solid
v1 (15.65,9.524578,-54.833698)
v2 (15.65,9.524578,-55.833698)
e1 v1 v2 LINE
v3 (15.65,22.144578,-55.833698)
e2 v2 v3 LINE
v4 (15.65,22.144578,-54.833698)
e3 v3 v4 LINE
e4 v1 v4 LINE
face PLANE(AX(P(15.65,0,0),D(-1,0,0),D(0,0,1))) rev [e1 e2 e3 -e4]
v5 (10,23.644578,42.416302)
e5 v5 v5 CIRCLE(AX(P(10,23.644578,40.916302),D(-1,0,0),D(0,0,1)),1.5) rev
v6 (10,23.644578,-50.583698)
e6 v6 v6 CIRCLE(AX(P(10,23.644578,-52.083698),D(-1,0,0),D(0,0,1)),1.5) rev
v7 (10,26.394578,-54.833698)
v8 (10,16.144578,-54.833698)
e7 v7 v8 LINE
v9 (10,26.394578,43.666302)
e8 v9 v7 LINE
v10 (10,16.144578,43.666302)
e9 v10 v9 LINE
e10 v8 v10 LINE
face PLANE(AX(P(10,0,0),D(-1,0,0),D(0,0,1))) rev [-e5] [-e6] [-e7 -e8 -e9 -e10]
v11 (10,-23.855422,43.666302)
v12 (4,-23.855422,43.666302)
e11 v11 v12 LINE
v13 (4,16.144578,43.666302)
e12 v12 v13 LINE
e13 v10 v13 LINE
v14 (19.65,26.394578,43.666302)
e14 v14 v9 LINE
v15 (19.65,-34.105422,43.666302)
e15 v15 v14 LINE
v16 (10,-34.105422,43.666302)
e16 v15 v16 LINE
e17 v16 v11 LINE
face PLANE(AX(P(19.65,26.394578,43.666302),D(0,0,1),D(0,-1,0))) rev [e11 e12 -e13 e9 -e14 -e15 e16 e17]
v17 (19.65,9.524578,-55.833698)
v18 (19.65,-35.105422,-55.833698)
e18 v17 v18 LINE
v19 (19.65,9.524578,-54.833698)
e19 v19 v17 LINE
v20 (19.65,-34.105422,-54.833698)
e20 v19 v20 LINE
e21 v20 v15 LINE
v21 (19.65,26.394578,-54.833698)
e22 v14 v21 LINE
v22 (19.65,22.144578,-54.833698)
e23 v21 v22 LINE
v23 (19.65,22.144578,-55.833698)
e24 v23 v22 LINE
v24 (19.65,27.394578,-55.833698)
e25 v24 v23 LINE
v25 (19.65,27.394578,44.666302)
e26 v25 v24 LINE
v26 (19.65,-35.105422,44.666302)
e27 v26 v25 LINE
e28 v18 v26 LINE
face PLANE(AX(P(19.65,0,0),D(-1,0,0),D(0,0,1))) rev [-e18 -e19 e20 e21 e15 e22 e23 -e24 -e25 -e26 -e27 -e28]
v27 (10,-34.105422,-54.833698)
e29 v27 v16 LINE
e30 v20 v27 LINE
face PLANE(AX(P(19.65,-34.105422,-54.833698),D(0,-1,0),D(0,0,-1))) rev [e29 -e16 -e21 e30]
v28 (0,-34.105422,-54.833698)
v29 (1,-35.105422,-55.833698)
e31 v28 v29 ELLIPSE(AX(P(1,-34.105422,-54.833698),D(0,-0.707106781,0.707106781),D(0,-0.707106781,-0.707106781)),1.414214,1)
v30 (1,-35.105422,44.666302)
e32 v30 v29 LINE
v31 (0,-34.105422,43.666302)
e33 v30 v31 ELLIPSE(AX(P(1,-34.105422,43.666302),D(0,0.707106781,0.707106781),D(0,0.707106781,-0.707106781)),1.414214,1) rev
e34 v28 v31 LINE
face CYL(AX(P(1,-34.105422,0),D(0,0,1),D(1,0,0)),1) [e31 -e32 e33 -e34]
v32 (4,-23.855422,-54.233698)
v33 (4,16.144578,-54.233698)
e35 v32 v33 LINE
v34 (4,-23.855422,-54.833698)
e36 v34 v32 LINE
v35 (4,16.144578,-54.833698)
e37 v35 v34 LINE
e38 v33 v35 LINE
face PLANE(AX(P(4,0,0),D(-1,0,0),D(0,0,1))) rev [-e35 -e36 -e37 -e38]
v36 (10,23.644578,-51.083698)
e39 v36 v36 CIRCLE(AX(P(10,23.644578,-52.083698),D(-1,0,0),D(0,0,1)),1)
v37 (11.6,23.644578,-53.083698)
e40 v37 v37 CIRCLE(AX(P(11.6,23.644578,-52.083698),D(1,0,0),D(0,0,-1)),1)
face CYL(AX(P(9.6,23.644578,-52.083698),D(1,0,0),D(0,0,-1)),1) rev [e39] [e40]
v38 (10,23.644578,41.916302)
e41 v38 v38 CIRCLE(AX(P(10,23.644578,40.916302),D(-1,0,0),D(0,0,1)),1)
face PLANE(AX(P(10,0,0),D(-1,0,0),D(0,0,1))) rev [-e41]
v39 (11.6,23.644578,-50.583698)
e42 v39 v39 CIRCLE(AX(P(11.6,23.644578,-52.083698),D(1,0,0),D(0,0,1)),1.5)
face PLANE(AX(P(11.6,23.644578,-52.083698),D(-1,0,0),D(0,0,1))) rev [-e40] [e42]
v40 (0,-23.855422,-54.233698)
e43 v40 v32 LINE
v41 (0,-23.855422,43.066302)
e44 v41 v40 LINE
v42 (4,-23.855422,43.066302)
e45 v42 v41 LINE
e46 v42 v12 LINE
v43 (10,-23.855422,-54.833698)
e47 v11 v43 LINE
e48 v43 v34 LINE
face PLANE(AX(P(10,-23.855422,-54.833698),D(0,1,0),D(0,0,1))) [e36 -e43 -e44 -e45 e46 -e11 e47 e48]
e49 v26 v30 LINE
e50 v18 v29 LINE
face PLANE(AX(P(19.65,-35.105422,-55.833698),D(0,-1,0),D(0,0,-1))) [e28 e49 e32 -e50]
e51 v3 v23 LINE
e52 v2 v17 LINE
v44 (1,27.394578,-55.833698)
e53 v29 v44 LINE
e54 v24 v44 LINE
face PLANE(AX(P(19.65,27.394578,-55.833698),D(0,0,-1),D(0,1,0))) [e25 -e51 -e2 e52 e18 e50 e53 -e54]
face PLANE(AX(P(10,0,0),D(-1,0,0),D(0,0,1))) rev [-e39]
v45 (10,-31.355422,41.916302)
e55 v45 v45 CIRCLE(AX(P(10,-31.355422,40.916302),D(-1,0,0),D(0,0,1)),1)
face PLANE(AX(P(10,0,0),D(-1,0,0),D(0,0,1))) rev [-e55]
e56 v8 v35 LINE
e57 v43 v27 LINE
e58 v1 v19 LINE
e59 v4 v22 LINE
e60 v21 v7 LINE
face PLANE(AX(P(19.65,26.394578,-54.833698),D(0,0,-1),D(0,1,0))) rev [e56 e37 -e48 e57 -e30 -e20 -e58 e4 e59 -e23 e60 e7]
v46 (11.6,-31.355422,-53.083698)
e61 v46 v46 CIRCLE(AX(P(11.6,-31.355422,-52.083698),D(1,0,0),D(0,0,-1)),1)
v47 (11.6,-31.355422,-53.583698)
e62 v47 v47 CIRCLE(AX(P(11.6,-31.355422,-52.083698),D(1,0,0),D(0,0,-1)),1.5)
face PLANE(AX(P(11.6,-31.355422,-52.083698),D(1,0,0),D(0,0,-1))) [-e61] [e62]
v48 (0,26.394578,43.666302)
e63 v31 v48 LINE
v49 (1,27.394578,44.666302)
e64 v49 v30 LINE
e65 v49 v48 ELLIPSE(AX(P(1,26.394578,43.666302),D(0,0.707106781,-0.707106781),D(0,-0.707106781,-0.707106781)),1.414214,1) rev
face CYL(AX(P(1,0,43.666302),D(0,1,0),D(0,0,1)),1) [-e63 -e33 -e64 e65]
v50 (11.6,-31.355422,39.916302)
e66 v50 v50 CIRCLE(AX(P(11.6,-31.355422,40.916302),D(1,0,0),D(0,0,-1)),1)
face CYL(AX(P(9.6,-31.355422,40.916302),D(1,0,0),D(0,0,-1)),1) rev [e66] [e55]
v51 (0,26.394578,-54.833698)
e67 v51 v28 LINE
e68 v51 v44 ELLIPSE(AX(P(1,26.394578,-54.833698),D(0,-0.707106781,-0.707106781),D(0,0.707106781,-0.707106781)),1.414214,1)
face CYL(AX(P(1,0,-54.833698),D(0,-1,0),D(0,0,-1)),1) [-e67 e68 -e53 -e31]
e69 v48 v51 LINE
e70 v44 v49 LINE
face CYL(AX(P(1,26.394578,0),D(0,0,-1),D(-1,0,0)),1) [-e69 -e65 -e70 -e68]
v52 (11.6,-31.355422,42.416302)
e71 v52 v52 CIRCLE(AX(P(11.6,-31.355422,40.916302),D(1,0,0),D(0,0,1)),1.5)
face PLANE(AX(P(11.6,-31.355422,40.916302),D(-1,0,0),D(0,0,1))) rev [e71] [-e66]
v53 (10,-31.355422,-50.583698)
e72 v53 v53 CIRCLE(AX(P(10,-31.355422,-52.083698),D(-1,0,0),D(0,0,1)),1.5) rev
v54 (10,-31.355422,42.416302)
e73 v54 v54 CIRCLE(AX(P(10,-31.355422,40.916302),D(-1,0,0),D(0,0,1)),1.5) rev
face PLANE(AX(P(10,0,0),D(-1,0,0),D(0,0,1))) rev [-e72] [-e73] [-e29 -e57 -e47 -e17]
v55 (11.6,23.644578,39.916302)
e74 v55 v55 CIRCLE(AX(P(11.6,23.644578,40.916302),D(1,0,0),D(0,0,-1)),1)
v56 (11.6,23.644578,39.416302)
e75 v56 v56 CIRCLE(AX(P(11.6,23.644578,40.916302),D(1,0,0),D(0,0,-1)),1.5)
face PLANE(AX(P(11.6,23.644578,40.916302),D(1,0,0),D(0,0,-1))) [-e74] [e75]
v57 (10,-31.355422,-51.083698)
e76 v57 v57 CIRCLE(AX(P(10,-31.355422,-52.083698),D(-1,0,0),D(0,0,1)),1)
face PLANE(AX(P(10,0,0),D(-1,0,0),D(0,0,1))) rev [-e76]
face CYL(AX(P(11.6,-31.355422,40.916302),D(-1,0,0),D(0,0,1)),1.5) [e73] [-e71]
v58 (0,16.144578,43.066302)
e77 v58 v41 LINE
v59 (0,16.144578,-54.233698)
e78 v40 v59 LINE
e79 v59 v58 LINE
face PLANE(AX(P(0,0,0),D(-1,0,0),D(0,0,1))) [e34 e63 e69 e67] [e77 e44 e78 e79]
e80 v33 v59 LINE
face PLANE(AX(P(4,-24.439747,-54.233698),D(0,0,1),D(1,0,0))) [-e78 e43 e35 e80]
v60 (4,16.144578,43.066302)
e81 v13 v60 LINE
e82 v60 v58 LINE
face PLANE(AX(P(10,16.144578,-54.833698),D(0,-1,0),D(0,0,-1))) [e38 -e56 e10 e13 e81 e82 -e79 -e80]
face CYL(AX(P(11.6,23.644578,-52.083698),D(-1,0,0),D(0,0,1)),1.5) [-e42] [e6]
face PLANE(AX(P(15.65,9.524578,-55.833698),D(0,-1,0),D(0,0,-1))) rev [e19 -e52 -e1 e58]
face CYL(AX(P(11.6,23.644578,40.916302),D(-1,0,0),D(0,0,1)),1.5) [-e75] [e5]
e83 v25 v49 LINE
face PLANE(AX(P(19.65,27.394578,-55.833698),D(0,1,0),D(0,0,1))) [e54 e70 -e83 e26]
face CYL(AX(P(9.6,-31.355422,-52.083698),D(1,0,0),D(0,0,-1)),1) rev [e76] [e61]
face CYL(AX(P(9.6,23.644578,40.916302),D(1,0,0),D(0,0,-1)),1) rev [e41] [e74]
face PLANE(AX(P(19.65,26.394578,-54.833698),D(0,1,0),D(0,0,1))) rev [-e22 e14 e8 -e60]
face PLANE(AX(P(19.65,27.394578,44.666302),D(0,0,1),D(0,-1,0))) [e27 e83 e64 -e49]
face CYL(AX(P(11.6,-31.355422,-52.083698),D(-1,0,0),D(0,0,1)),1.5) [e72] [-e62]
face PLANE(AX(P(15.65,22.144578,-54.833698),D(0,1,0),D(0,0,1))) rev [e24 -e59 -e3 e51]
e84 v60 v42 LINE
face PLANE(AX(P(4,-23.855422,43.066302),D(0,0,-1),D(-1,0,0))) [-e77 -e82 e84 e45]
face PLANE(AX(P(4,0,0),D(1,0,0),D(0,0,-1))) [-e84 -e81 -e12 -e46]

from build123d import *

# Parameters (mm, degrees)
SKETCH1_W            = 92.135626016
SKETCH1_H            = 40
BOSS_EXTRUDE2_DEPTH  = 10
SKETCH2_R            = 1.5
BOSS_EXTRUDE3_DEPTH  = 1.6
SKETCH3_R            = 1
CUT_EXTRUDE1_DEPTH   = 2
SKETCH4_W            = 100.5
SKETCH4_H            = 62.5
SKETCH4_W_2          = 98.5
SKETCH4_H_2          = 60.5
BOSS_EXTRUDE4_DEPTH  = 19.65
SKETCH5_W            = 98
SKETCH5_H            = 40
CUT_EXTRUDE5_DEPTH   = 14.65
SKETCH6_W            = 98.5
SKETCH6_H            = 10.25
BOSS_EXTRUDE5_DEPTH  = 10
SKETCH7_W            = 0.6
SKETCH7_H            = 40.584325063
BOSS_EXTRUDE11_DEPTH = 4
SKETCH8_W            = 0.6
SKETCH8_H            = 40
BOSS_EXTRUDE12_DEPTH = 4
FILLET1_R            = 1
CUT_EXTRUDE6_DEPTH   = 4
SKETCH10_W           = 1
SKETCH10_H           = 2.5
CUT_EXTRUDE8_DEPTH   = 4


with BuildPart() as part:
    # Sketch1 → Boss-Extrude2 (new body)
    with BuildSketch(Plane(origin=(0, 0, 0), x_dir=(0, 0, -1), z_dir=(1, 0, 0))):
        Polygon((-40.481927711, 26.144578313), (-43.416301695, 26.144578313), (-43.416301695, -33.855421687), (-40.481927711, -33.855421687), (54.583698305, -33.855421687), (54.583698305, 26.144578313), (33.734939759, 26.144578313), align=None)
        with Locations((5.585885297, -3.855421687)):
            Rectangle(SKETCH1_W, SKETCH1_H, mode=Mode.SUBTRACT)
    extrude(amount=BOSS_EXTRUDE2_DEPTH)

    # Sketch2 → Boss-Extrude3 (add)
    with BuildSketch(Plane(origin=(10, 0, 0), x_dir=(0, 0, -1), z_dir=(1, 0, 0))):
        with Locations((-40.916301695, 23.644578313)):
            Circle(SKETCH2_R)
        with Locations(Location((52.083698305, 23.644578313, 0), (0, 0, 180))):
            Circle(SKETCH2_R)
        with Locations((52.083698305, -31.355421687)):
            Circle(SKETCH2_R)
        with Locations(Location((-40.916301695, -31.355421687, 0), (0, 0, 180))):
            Circle(SKETCH2_R)
    extrude(amount=BOSS_EXTRUDE3_DEPTH)

    # Sketch3 → Cut-Extrude1 (cut)
    with BuildSketch(Plane(origin=(11.6, 0, 0), x_dir=(0, 0, -1), z_dir=(1, 0, 0))):
        with Locations((-40.916301695, 23.644578313)):
            Circle(SKETCH3_R)
        with Locations((52.083698305, 23.644578313)):
            Circle(SKETCH3_R)
        with Locations((52.083698305, -31.355421687)):
            Circle(SKETCH3_R)
        with Locations((-40.916301695, -31.355421687)):
            Circle(SKETCH3_R)
    extrude(amount=-CUT_EXTRUDE1_DEPTH, mode=Mode.SUBTRACT)

    # Sketch5 → Cut-Extrude5 (cut)
    with BuildSketch(Plane.ZY):
        with Locations((-5.583698305, -3.855421687)):
            Rectangle(SKETCH5_W, SKETCH5_H)
    extrude(amount=-CUT_EXTRUDE5_DEPTH, mode=Mode.SUBTRACT)


with BuildPart() as body_2:
    # Sketch4 → Boss-Extrude4 (new body)
    with BuildSketch(Plane.ZY):
        with Locations((-5.583698305, -3.855421687)):
            Rectangle(SKETCH4_W, SKETCH4_H)
        with Locations((-5.583698305, -3.855421687)):
            Rectangle(SKETCH4_W_2, SKETCH4_H_2, mode=Mode.SUBTRACT)
    extrude(amount=-BOSS_EXTRUDE4_DEPTH)



with BuildPart() as cut_extrude5_piece_1:
    # of the separate pieces the step leaves, piece 1, a body of its own (cut_extrude5_pieces)
    add(part.part.solids().sort_by_distance((0, 26.144578313, -54.583698305))[0])


with BuildPart() as cut_extrude5_piece_2:
    # of the separate pieces the step leaves, piece 2, a body of its own (cut_extrude5_pieces)
    add(part.part.solids().sort_by_distance((0, -23.855421687, 43.416301695))[0])


with BuildPart() as body_2_1:
    add(body_2.part)

    add(cut_extrude5_piece_1.part)  # Boss-Extrude5 merges Cut-Extrude5 piece 1

    add(cut_extrude5_piece_2.part)  # Boss-Extrude5 merges Cut-Extrude5 piece 2
    # Sketch6 → Boss-Extrude5 (add)
    with BuildSketch(Plane.ZY):
        with Locations((-5.583698305, 21.269578313)):
            Rectangle(SKETCH6_W, SKETCH6_H)
        with Locations((-5.583698305, -28.980421687)):
            Rectangle(SKETCH6_W, SKETCH6_H)
    extrude(amount=-BOSS_EXTRUDE5_DEPTH)

    # Sketch7 → Boss-Extrude11 (add)
    with BuildSketch(Plane.ZY):
        with Locations((-54.533698305, -4.147584219)):
            Rectangle(SKETCH7_W, SKETCH7_H)
    extrude(amount=-BOSS_EXTRUDE11_DEPTH)

    # Sketch8 → Boss-Extrude12 (add)
    with BuildSketch(Plane.ZY):
        with Locations((43.366301695, -3.855421687)):
            Rectangle(SKETCH8_W, SKETCH8_H)
    extrude(amount=-BOSS_EXTRUDE12_DEPTH)

    # Fillet1
    fillet1_edges = [body_2_1.edges().sort_by_distance(p)[0] for p in [
        (0, 27.394578313, -5.583698305),
        (0, -3.855421687, 44.666301695),
        (0, -35.105421687, -5.583698305),
        (0, -3.855421687, -55.833698305),
    ]]
    fillet(fillet1_edges, radius=FILLET1_R)

    # Sketch9 → Cut-Extrude6 (cut)
    with BuildSketch(Plane(origin=(19.65, 0, 0), x_dir=(0, 0, -1), z_dir=(1, 0, 0))):
        Polygon((54.833698305, 22.144578313), (47.033698305, 22.144578313), (47.033698305, 12.024578313), (54.833698305, 12.024578313), (55.833698305, 12.024578313), (55.833698305, 22.144578313), align=None)
    extrude(amount=-CUT_EXTRUDE6_DEPTH, mode=Mode.SUBTRACT)

    # Sketch10 → Cut-Extrude8 (cut)
    with BuildSketch(Plane(origin=(19.65, 0, 0), x_dir=(0, 0, -1), z_dir=(1, 0, 0))):
        with Locations((55.333698305, 10.774578313)):
            Rectangle(SKETCH10_W, SKETCH10_H)
    extrude(amount=-CUT_EXTRUDE8_DEPTH, mode=Mode.SUBTRACT)


solid = body_2_1.part
